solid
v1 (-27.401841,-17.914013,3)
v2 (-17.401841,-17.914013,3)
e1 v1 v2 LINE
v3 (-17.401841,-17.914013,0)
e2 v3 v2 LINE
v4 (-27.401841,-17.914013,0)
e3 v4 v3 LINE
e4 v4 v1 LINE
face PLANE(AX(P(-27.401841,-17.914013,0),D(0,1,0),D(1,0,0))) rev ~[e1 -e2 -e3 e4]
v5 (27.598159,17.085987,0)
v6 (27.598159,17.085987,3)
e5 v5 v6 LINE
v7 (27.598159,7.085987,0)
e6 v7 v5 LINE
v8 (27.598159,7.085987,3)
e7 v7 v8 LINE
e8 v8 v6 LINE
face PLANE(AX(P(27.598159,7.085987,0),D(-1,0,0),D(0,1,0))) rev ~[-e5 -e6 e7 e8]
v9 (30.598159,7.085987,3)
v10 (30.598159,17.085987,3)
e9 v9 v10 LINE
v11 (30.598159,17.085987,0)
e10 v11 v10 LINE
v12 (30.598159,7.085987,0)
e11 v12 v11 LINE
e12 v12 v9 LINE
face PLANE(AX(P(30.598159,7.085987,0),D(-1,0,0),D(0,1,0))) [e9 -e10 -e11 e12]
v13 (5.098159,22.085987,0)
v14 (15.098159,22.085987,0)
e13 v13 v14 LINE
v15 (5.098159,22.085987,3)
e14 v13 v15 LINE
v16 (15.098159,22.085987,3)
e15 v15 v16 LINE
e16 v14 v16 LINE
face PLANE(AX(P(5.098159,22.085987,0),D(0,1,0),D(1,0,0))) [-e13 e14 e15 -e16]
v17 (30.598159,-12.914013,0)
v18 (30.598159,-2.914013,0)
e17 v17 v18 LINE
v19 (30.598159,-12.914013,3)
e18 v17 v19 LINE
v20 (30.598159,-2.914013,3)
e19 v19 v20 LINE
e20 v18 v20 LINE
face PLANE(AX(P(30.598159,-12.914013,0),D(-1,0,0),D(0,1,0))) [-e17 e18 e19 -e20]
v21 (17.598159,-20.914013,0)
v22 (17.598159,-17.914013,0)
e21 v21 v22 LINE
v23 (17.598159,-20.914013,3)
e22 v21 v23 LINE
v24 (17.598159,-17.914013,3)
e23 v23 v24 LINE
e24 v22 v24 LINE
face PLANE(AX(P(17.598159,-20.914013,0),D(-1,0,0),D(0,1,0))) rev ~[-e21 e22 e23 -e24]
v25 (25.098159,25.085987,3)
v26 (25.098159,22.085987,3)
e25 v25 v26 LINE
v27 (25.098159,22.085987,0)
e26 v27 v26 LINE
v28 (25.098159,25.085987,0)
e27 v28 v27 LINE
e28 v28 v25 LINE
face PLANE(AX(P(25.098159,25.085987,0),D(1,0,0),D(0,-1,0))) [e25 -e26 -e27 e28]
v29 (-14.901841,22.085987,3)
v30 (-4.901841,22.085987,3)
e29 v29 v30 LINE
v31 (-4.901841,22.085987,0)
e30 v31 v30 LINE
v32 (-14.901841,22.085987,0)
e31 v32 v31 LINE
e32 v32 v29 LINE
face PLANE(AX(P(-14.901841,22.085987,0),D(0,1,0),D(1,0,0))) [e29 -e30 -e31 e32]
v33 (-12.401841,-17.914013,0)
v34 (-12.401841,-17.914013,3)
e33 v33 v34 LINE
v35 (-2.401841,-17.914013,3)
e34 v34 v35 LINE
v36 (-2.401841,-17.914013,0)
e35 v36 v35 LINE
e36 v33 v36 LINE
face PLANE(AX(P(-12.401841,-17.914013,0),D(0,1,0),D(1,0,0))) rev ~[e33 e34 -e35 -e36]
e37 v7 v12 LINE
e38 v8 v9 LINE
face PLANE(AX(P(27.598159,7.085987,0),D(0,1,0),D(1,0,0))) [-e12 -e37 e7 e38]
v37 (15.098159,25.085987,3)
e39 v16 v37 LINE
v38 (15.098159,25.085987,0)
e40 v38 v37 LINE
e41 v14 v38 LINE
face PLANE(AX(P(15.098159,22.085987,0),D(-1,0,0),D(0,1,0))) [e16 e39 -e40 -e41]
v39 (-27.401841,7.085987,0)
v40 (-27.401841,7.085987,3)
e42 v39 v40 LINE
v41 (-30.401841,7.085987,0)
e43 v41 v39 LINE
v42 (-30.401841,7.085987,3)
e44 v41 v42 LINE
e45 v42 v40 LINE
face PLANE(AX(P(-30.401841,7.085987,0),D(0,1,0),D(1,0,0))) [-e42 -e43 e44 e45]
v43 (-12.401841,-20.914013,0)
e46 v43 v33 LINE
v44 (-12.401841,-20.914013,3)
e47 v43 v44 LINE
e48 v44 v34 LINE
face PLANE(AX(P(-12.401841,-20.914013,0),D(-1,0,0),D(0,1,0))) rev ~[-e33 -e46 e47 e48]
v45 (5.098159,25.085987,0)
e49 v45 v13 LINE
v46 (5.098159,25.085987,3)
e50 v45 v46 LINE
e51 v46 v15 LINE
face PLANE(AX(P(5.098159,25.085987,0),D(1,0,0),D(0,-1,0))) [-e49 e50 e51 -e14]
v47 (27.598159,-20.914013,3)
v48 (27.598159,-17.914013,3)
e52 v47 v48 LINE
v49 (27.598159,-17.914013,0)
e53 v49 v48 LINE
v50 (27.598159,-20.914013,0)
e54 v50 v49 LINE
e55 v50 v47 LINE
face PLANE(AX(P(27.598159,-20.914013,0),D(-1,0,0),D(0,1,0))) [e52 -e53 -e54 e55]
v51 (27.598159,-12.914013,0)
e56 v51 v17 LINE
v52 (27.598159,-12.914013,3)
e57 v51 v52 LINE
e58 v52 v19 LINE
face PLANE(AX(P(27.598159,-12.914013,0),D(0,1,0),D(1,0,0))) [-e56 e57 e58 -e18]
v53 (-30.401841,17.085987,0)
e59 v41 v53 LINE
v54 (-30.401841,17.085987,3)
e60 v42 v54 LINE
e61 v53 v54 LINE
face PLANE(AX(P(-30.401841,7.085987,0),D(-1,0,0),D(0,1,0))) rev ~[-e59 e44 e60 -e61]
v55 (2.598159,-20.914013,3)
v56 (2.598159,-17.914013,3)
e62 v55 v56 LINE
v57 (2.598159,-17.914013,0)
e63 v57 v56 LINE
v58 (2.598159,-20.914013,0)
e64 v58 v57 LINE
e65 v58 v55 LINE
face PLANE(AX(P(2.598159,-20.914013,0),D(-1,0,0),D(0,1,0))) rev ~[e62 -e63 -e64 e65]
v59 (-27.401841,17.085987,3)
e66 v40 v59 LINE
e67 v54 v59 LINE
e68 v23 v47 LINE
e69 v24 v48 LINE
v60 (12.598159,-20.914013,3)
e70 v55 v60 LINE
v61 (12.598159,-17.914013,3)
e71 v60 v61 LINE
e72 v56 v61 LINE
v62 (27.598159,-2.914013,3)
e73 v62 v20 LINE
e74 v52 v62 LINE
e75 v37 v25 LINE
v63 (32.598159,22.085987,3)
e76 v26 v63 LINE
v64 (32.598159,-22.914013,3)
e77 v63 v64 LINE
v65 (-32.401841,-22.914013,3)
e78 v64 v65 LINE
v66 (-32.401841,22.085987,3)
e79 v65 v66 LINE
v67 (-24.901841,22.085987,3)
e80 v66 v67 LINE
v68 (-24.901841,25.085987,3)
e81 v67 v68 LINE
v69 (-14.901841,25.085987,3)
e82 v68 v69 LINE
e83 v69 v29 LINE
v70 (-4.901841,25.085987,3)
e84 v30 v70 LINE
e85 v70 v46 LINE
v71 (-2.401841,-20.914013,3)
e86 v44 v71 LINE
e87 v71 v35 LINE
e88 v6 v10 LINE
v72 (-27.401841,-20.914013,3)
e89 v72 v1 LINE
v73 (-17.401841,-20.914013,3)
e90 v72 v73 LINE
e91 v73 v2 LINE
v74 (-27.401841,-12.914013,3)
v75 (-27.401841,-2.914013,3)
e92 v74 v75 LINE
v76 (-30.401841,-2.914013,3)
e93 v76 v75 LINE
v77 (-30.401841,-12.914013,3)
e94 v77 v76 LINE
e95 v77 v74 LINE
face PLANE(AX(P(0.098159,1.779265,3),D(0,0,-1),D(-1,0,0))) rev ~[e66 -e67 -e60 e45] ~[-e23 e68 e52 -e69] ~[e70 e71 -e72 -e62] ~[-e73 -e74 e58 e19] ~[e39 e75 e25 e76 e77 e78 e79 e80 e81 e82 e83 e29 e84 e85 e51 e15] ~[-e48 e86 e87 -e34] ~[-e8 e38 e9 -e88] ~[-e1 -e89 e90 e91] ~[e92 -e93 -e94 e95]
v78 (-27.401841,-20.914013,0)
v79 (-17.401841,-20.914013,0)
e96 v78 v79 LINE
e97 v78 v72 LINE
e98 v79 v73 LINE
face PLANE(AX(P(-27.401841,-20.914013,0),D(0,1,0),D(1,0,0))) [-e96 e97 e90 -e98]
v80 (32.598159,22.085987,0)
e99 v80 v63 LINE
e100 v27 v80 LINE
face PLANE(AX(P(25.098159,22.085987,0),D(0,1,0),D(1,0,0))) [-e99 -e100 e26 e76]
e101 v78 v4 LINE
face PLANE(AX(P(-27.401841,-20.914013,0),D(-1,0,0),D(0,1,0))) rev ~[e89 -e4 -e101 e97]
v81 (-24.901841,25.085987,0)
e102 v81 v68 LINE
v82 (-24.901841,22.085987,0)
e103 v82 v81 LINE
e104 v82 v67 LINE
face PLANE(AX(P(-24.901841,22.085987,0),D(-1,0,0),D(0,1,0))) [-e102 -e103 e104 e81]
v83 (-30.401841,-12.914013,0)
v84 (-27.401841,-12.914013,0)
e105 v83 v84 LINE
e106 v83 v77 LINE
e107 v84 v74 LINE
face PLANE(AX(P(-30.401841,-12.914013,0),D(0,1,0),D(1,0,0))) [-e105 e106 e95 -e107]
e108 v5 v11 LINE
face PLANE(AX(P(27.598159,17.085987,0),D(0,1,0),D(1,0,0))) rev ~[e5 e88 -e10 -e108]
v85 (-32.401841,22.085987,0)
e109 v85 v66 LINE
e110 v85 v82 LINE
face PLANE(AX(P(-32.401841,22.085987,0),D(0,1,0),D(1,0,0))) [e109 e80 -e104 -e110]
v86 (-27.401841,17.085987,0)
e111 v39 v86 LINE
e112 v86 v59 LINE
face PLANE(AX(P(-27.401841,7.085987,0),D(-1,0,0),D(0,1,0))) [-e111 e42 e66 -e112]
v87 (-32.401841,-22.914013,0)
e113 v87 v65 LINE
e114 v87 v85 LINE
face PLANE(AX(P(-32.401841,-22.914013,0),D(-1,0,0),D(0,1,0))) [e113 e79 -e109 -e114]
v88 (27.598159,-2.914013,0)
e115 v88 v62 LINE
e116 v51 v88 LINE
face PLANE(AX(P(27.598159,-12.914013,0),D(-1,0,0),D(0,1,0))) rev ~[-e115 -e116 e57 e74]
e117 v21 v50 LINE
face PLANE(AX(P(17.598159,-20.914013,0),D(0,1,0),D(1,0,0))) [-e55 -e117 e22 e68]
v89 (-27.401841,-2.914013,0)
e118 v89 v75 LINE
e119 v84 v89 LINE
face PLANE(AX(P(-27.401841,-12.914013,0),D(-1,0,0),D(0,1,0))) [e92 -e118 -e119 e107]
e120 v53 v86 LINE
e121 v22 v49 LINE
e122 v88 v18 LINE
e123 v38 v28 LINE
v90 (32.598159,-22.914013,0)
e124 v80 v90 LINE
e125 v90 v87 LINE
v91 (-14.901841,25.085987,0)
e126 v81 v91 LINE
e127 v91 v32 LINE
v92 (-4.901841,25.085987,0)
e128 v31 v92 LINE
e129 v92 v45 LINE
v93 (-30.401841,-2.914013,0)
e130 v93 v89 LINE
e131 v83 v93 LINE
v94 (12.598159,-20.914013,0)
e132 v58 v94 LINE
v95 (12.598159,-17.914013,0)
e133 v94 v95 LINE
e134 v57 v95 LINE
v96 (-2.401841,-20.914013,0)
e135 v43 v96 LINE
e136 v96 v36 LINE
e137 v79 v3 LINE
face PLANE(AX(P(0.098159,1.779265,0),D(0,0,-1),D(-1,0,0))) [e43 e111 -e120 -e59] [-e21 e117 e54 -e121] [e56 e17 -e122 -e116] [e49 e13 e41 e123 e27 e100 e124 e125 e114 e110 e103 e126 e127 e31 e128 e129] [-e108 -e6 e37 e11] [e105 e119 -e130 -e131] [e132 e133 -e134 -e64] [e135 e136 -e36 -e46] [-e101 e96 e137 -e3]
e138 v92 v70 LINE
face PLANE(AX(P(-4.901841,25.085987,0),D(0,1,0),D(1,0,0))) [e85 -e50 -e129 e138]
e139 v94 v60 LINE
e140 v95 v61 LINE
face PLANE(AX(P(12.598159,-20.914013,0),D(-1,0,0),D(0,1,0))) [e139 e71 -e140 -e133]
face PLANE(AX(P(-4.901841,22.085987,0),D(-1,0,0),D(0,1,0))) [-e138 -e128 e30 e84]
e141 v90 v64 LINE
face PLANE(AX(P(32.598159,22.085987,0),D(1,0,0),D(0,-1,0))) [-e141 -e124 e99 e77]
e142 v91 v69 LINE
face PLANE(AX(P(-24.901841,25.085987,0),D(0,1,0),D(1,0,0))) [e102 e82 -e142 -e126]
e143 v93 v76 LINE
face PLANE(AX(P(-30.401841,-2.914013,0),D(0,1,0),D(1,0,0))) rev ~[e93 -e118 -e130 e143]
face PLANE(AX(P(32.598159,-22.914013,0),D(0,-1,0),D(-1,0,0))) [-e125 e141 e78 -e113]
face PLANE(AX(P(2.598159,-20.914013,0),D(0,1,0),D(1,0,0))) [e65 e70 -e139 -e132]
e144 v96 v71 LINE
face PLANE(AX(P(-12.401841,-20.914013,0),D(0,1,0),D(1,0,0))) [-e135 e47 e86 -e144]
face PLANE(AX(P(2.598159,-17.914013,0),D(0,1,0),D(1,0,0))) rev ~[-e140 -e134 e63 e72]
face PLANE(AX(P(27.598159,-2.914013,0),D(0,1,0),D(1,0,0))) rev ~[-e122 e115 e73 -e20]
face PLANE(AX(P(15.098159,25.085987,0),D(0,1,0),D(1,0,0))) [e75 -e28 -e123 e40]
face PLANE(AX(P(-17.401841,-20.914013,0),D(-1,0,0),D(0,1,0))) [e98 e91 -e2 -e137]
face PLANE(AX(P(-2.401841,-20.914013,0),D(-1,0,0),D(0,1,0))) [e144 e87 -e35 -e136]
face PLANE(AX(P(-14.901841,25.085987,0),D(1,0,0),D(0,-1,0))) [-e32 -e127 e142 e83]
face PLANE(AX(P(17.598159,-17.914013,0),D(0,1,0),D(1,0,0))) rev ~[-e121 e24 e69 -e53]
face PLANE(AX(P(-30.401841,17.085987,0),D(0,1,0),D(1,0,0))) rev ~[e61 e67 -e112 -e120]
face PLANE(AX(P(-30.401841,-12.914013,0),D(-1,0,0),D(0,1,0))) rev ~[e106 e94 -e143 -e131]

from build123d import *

# Parameters (mm, degrees)
SKETCH_1_W      = 10
SKETCH_1_H      = 3
SKETCH_1_W_2    = 3
SKETCH_1_H_2    = 10
EXTRUDE_1_DEPTH = 3


with BuildPart() as part:
    # 草图1 → 凸台-拉伸1 (new body)
    with BuildSketch(Plane.XY):
        Polygon((-4.901841459, 22.085987353), (-4.901841459, 25.085987353), (5.098158541, 25.085987353), (5.098158541, 22.085987353), (15.098158541, 22.085987353), (15.098158541, 25.085987353), (25.098158541, 25.085987353), (25.098158541, 22.085987353), (32.598158541, 22.085987353), (32.598158541, -22.914012647), (-32.401841459, -22.914012647), (-32.401841459, 22.085987353), (-24.901841459, 22.085987353), (-24.901841459, 25.085987353), (-14.901841459, 25.085987353), (-14.901841459, 22.085987353), align=None)
        with Locations((-7.401841459, -19.414012647)):
            Rectangle(SKETCH_1_W, SKETCH_1_H, mode=Mode.SUBTRACT)
        with Locations((-22.401841459, -19.414012647)):
            Rectangle(SKETCH_1_W, SKETCH_1_H, mode=Mode.SUBTRACT)
        with Locations((7.598158541, -19.414012647)):
            Rectangle(SKETCH_1_W, SKETCH_1_H, mode=Mode.SUBTRACT)
        with Locations((22.598158541, -19.414012647)):
            Rectangle(SKETCH_1_W, SKETCH_1_H, mode=Mode.SUBTRACT)
        with Locations((-28.901841459, -7.914012647)):
            Rectangle(SKETCH_1_W_2, SKETCH_1_H_2, mode=Mode.SUBTRACT)
        with Locations((-28.901841459, 12.085987353)):
            Rectangle(SKETCH_1_W_2, SKETCH_1_H_2, mode=Mode.SUBTRACT)
        with Locations((29.098158541, -7.914012647)):
            Rectangle(SKETCH_1_W_2, SKETCH_1_H_2, mode=Mode.SUBTRACT)
        with Locations((29.098158541, 12.085987353)):
            Rectangle(SKETCH_1_W_2, SKETCH_1_H_2, mode=Mode.SUBTRACT)
    extrude(amount=EXTRUDE_1_DEPTH)


solid = part.part
